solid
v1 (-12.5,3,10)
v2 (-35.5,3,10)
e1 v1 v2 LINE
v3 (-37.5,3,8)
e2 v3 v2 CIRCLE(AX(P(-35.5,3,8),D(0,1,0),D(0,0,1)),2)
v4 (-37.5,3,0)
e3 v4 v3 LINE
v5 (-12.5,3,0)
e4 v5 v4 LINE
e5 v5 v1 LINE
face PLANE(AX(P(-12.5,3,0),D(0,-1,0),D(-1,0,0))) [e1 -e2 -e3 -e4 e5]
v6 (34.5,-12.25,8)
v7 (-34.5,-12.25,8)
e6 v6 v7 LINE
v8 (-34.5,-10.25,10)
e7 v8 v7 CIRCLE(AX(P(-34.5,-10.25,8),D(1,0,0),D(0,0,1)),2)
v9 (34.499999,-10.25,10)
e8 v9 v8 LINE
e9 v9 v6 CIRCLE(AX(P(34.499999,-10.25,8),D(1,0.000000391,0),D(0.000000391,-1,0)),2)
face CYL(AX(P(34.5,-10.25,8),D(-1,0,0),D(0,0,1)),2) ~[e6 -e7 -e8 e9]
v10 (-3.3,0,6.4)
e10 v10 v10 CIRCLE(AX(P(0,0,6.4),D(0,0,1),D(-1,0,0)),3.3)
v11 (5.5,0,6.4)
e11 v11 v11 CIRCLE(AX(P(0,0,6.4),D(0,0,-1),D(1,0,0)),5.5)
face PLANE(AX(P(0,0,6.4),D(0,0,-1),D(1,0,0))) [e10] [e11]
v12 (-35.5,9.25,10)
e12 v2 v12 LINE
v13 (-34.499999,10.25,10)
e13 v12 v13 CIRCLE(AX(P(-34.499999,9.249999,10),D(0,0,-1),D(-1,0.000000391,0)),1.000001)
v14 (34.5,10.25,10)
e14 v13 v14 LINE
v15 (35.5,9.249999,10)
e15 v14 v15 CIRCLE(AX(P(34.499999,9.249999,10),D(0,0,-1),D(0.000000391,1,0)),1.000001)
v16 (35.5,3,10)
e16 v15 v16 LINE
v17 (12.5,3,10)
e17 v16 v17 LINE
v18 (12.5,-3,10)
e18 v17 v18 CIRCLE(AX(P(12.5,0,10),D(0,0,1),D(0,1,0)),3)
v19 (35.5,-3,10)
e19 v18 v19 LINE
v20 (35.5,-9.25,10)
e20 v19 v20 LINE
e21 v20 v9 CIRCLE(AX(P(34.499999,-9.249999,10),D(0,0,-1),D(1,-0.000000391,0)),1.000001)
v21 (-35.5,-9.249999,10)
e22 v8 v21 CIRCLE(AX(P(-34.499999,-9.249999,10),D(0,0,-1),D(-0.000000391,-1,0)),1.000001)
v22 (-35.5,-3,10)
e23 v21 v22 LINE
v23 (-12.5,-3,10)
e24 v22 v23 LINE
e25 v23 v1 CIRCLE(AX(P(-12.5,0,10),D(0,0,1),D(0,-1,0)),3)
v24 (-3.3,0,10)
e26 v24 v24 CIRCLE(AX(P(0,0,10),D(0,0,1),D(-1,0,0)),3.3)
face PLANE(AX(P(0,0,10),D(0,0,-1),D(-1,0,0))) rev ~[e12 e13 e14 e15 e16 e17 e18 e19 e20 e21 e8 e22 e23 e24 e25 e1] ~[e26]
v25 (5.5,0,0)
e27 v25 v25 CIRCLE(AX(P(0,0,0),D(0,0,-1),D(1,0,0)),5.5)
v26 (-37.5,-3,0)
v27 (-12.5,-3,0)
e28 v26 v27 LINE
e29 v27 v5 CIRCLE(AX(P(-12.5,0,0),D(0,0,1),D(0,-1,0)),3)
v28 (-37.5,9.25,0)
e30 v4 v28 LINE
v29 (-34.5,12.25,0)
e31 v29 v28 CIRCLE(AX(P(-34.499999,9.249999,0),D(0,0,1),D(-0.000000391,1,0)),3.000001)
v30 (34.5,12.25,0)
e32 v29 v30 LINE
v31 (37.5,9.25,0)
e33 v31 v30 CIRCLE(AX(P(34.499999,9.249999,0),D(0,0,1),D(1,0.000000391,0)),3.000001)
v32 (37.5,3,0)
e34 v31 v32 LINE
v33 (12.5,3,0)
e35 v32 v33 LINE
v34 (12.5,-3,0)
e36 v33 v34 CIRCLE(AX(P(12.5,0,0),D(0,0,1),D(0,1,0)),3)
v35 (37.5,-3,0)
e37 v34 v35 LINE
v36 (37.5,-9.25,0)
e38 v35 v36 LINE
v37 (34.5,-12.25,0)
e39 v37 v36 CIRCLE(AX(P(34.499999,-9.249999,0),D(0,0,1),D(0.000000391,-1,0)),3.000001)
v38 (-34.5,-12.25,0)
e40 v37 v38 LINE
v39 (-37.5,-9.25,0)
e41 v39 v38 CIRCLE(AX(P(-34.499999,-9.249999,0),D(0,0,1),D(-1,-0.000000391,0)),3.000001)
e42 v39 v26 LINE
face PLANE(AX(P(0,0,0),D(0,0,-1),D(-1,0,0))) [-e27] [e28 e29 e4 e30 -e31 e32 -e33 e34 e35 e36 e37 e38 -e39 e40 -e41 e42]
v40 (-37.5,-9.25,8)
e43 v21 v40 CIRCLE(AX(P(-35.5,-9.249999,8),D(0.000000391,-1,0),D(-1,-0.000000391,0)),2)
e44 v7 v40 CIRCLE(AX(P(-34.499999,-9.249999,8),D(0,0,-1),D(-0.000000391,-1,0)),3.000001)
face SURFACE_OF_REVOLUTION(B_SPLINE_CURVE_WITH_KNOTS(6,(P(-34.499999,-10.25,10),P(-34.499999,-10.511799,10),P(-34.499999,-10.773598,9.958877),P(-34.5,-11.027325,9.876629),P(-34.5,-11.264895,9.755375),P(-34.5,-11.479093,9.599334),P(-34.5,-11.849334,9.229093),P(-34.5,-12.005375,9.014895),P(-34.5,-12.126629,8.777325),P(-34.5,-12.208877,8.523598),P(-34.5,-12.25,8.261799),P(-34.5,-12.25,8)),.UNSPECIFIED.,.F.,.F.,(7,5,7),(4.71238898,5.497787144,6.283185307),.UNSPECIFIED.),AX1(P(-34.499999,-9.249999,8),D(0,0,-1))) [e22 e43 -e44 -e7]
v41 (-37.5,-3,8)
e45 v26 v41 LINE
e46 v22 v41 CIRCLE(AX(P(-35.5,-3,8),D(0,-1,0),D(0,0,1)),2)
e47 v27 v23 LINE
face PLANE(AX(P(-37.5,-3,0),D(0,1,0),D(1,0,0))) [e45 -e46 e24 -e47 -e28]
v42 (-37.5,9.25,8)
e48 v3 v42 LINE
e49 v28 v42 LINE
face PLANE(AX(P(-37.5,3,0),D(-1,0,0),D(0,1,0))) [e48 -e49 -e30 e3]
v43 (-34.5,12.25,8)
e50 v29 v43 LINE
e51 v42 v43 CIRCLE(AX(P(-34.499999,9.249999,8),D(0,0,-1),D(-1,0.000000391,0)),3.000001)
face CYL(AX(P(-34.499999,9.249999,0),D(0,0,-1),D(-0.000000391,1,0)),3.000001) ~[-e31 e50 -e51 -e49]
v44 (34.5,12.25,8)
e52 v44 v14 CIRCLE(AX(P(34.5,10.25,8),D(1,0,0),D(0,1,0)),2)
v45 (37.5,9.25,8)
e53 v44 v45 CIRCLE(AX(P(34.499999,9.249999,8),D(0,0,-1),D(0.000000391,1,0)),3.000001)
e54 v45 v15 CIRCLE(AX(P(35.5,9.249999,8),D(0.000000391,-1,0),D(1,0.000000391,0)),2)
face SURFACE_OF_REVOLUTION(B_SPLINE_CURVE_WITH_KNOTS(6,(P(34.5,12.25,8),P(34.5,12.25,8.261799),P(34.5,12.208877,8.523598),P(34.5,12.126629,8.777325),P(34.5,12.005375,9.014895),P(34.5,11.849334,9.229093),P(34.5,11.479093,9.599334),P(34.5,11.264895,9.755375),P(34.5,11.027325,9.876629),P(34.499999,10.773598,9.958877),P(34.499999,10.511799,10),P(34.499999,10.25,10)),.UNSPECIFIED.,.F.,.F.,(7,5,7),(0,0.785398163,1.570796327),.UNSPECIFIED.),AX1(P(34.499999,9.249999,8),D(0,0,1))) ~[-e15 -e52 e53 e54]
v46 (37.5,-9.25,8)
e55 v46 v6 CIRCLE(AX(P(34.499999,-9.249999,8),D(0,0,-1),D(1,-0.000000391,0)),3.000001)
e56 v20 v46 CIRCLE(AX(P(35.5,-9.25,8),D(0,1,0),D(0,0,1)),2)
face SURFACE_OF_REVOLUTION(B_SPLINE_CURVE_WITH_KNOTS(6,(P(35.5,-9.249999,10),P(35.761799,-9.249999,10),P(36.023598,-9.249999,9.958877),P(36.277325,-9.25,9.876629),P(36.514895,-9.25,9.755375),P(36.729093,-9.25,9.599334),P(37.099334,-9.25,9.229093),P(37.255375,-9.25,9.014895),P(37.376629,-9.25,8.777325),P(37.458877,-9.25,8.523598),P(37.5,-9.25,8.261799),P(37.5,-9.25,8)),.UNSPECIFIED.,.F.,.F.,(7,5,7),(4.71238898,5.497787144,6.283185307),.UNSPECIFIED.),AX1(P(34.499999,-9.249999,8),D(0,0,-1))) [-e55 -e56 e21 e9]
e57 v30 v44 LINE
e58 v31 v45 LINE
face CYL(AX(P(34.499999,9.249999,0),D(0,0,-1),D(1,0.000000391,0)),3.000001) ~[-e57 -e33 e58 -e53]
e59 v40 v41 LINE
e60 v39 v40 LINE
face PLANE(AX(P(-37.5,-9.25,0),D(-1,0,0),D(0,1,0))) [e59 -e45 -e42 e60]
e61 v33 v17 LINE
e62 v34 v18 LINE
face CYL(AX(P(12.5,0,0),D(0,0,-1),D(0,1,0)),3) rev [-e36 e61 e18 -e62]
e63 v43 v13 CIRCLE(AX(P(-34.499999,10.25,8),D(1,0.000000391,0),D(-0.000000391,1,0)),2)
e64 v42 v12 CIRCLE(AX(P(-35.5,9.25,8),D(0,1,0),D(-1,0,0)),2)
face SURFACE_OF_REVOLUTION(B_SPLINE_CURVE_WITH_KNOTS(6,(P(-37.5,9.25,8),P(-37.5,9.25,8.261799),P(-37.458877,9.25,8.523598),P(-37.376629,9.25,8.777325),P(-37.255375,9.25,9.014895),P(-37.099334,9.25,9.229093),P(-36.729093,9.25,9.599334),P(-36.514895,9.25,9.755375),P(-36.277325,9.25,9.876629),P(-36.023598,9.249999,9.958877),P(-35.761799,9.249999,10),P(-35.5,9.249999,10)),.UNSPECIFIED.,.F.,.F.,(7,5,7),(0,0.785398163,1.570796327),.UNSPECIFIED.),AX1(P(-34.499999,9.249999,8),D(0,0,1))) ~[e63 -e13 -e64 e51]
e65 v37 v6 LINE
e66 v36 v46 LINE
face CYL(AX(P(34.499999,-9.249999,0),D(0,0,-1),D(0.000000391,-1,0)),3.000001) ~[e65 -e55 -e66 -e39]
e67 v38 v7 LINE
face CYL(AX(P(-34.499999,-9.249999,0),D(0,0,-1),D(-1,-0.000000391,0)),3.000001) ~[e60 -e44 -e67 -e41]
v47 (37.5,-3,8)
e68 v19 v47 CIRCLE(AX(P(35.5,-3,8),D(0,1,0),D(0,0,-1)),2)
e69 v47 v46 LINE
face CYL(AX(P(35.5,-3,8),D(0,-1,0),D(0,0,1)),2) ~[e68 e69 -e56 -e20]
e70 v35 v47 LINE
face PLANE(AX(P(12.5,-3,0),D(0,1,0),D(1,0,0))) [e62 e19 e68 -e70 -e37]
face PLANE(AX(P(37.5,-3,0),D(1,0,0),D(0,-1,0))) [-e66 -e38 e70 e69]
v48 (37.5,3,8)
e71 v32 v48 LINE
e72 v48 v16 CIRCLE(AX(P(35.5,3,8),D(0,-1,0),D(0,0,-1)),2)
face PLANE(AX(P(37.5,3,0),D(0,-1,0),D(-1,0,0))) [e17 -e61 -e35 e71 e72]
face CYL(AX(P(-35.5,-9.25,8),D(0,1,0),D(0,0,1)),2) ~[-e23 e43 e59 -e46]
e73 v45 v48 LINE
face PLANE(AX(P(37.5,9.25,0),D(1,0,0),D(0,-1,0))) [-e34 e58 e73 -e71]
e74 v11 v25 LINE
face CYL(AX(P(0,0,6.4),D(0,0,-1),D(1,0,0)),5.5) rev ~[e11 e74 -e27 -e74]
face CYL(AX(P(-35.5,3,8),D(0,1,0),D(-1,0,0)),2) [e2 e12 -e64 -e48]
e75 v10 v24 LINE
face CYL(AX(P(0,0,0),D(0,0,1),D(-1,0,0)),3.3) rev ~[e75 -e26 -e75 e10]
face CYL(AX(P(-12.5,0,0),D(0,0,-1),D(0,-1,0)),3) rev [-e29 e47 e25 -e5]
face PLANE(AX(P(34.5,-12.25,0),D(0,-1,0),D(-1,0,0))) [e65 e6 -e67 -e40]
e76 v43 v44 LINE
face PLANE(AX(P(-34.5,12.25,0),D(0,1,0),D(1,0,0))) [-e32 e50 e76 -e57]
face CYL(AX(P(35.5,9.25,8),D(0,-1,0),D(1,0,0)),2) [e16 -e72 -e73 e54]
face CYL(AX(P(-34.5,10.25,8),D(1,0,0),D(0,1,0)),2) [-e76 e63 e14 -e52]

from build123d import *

# Parameters (mm, degrees)
PAD_DEPTH        = 10
HOLE_D           = 6.6
HOLE_DEPTH       = 25
HOLE_CBORE_D     = 11
HOLE_CBORE_DEPTH = 6.4
FILLET_R         = 2
FILLET001_R      = 2


with BuildPart() as part:
    # Sketch → Pad (new body)
    with BuildSketch(Plane.XY):
        with BuildLine():
            Line((-34.5, 12.25), (34.5, 12.25))
            ThreePointArc((37.5, 9.25), (36.62132, 11.37132), (34.5, 12.25))
            Line((37.5, 9.25), (37.5, 3))
            Line((37.5, 3), (12.5, 3))
            ThreePointArc((12.5, 3), (9.5, 0), (12.5, -3))
            Line((12.5, -3), (37.5, -3))
            Line((37.5, -3), (37.5, -9.25))
            ThreePointArc((34.5, -12.25), (36.62132, -11.37132), (37.5, -9.25))
            Line((34.5, -12.25), (-34.5, -12.25))
            ThreePointArc((-37.5, -9.25), (-36.62132, -11.37132), (-34.5, -12.25))
            Line((-37.5, -9.25), (-37.5, -3))
            Line((-37.5, -3), (-12.5, -3))
            ThreePointArc((-12.5, -3), (-9.5, 0), (-12.5, 3))
            Line((-12.5, 3), (-37.5, 3))
            Line((-37.5, 3), (-37.5, 9.25))
            ThreePointArc((-34.5, 12.25), (-36.62132, 11.37132), (-37.5, 9.25))
        make_face()
    extrude(amount=PAD_DEPTH)

    # Hole
    with Locations(Plane(origin=(0, 0, 0), x_dir=(1, 0, 0), z_dir=(0, 0, -1))):
        with Locations((0, 0)):
            CounterBoreHole(HOLE_D / 2, HOLE_CBORE_D / 2, HOLE_CBORE_DEPTH, depth=HOLE_DEPTH)

    # Fillet
    fillet_edges = [part.edges().sort_by_distance(p)[0] for p in [
        (0, 12.25, 10),
    ]]
    fillet(fillet_edges, radius=FILLET_R)

    # Fillet001
    fillet001_edges = [part.edges().sort_by_distance(p)[0] for p in [
        (0, -12.25, 10),
    ]]
    fillet(fillet001_edges, radius=FILLET001_R)


solid = part.part
